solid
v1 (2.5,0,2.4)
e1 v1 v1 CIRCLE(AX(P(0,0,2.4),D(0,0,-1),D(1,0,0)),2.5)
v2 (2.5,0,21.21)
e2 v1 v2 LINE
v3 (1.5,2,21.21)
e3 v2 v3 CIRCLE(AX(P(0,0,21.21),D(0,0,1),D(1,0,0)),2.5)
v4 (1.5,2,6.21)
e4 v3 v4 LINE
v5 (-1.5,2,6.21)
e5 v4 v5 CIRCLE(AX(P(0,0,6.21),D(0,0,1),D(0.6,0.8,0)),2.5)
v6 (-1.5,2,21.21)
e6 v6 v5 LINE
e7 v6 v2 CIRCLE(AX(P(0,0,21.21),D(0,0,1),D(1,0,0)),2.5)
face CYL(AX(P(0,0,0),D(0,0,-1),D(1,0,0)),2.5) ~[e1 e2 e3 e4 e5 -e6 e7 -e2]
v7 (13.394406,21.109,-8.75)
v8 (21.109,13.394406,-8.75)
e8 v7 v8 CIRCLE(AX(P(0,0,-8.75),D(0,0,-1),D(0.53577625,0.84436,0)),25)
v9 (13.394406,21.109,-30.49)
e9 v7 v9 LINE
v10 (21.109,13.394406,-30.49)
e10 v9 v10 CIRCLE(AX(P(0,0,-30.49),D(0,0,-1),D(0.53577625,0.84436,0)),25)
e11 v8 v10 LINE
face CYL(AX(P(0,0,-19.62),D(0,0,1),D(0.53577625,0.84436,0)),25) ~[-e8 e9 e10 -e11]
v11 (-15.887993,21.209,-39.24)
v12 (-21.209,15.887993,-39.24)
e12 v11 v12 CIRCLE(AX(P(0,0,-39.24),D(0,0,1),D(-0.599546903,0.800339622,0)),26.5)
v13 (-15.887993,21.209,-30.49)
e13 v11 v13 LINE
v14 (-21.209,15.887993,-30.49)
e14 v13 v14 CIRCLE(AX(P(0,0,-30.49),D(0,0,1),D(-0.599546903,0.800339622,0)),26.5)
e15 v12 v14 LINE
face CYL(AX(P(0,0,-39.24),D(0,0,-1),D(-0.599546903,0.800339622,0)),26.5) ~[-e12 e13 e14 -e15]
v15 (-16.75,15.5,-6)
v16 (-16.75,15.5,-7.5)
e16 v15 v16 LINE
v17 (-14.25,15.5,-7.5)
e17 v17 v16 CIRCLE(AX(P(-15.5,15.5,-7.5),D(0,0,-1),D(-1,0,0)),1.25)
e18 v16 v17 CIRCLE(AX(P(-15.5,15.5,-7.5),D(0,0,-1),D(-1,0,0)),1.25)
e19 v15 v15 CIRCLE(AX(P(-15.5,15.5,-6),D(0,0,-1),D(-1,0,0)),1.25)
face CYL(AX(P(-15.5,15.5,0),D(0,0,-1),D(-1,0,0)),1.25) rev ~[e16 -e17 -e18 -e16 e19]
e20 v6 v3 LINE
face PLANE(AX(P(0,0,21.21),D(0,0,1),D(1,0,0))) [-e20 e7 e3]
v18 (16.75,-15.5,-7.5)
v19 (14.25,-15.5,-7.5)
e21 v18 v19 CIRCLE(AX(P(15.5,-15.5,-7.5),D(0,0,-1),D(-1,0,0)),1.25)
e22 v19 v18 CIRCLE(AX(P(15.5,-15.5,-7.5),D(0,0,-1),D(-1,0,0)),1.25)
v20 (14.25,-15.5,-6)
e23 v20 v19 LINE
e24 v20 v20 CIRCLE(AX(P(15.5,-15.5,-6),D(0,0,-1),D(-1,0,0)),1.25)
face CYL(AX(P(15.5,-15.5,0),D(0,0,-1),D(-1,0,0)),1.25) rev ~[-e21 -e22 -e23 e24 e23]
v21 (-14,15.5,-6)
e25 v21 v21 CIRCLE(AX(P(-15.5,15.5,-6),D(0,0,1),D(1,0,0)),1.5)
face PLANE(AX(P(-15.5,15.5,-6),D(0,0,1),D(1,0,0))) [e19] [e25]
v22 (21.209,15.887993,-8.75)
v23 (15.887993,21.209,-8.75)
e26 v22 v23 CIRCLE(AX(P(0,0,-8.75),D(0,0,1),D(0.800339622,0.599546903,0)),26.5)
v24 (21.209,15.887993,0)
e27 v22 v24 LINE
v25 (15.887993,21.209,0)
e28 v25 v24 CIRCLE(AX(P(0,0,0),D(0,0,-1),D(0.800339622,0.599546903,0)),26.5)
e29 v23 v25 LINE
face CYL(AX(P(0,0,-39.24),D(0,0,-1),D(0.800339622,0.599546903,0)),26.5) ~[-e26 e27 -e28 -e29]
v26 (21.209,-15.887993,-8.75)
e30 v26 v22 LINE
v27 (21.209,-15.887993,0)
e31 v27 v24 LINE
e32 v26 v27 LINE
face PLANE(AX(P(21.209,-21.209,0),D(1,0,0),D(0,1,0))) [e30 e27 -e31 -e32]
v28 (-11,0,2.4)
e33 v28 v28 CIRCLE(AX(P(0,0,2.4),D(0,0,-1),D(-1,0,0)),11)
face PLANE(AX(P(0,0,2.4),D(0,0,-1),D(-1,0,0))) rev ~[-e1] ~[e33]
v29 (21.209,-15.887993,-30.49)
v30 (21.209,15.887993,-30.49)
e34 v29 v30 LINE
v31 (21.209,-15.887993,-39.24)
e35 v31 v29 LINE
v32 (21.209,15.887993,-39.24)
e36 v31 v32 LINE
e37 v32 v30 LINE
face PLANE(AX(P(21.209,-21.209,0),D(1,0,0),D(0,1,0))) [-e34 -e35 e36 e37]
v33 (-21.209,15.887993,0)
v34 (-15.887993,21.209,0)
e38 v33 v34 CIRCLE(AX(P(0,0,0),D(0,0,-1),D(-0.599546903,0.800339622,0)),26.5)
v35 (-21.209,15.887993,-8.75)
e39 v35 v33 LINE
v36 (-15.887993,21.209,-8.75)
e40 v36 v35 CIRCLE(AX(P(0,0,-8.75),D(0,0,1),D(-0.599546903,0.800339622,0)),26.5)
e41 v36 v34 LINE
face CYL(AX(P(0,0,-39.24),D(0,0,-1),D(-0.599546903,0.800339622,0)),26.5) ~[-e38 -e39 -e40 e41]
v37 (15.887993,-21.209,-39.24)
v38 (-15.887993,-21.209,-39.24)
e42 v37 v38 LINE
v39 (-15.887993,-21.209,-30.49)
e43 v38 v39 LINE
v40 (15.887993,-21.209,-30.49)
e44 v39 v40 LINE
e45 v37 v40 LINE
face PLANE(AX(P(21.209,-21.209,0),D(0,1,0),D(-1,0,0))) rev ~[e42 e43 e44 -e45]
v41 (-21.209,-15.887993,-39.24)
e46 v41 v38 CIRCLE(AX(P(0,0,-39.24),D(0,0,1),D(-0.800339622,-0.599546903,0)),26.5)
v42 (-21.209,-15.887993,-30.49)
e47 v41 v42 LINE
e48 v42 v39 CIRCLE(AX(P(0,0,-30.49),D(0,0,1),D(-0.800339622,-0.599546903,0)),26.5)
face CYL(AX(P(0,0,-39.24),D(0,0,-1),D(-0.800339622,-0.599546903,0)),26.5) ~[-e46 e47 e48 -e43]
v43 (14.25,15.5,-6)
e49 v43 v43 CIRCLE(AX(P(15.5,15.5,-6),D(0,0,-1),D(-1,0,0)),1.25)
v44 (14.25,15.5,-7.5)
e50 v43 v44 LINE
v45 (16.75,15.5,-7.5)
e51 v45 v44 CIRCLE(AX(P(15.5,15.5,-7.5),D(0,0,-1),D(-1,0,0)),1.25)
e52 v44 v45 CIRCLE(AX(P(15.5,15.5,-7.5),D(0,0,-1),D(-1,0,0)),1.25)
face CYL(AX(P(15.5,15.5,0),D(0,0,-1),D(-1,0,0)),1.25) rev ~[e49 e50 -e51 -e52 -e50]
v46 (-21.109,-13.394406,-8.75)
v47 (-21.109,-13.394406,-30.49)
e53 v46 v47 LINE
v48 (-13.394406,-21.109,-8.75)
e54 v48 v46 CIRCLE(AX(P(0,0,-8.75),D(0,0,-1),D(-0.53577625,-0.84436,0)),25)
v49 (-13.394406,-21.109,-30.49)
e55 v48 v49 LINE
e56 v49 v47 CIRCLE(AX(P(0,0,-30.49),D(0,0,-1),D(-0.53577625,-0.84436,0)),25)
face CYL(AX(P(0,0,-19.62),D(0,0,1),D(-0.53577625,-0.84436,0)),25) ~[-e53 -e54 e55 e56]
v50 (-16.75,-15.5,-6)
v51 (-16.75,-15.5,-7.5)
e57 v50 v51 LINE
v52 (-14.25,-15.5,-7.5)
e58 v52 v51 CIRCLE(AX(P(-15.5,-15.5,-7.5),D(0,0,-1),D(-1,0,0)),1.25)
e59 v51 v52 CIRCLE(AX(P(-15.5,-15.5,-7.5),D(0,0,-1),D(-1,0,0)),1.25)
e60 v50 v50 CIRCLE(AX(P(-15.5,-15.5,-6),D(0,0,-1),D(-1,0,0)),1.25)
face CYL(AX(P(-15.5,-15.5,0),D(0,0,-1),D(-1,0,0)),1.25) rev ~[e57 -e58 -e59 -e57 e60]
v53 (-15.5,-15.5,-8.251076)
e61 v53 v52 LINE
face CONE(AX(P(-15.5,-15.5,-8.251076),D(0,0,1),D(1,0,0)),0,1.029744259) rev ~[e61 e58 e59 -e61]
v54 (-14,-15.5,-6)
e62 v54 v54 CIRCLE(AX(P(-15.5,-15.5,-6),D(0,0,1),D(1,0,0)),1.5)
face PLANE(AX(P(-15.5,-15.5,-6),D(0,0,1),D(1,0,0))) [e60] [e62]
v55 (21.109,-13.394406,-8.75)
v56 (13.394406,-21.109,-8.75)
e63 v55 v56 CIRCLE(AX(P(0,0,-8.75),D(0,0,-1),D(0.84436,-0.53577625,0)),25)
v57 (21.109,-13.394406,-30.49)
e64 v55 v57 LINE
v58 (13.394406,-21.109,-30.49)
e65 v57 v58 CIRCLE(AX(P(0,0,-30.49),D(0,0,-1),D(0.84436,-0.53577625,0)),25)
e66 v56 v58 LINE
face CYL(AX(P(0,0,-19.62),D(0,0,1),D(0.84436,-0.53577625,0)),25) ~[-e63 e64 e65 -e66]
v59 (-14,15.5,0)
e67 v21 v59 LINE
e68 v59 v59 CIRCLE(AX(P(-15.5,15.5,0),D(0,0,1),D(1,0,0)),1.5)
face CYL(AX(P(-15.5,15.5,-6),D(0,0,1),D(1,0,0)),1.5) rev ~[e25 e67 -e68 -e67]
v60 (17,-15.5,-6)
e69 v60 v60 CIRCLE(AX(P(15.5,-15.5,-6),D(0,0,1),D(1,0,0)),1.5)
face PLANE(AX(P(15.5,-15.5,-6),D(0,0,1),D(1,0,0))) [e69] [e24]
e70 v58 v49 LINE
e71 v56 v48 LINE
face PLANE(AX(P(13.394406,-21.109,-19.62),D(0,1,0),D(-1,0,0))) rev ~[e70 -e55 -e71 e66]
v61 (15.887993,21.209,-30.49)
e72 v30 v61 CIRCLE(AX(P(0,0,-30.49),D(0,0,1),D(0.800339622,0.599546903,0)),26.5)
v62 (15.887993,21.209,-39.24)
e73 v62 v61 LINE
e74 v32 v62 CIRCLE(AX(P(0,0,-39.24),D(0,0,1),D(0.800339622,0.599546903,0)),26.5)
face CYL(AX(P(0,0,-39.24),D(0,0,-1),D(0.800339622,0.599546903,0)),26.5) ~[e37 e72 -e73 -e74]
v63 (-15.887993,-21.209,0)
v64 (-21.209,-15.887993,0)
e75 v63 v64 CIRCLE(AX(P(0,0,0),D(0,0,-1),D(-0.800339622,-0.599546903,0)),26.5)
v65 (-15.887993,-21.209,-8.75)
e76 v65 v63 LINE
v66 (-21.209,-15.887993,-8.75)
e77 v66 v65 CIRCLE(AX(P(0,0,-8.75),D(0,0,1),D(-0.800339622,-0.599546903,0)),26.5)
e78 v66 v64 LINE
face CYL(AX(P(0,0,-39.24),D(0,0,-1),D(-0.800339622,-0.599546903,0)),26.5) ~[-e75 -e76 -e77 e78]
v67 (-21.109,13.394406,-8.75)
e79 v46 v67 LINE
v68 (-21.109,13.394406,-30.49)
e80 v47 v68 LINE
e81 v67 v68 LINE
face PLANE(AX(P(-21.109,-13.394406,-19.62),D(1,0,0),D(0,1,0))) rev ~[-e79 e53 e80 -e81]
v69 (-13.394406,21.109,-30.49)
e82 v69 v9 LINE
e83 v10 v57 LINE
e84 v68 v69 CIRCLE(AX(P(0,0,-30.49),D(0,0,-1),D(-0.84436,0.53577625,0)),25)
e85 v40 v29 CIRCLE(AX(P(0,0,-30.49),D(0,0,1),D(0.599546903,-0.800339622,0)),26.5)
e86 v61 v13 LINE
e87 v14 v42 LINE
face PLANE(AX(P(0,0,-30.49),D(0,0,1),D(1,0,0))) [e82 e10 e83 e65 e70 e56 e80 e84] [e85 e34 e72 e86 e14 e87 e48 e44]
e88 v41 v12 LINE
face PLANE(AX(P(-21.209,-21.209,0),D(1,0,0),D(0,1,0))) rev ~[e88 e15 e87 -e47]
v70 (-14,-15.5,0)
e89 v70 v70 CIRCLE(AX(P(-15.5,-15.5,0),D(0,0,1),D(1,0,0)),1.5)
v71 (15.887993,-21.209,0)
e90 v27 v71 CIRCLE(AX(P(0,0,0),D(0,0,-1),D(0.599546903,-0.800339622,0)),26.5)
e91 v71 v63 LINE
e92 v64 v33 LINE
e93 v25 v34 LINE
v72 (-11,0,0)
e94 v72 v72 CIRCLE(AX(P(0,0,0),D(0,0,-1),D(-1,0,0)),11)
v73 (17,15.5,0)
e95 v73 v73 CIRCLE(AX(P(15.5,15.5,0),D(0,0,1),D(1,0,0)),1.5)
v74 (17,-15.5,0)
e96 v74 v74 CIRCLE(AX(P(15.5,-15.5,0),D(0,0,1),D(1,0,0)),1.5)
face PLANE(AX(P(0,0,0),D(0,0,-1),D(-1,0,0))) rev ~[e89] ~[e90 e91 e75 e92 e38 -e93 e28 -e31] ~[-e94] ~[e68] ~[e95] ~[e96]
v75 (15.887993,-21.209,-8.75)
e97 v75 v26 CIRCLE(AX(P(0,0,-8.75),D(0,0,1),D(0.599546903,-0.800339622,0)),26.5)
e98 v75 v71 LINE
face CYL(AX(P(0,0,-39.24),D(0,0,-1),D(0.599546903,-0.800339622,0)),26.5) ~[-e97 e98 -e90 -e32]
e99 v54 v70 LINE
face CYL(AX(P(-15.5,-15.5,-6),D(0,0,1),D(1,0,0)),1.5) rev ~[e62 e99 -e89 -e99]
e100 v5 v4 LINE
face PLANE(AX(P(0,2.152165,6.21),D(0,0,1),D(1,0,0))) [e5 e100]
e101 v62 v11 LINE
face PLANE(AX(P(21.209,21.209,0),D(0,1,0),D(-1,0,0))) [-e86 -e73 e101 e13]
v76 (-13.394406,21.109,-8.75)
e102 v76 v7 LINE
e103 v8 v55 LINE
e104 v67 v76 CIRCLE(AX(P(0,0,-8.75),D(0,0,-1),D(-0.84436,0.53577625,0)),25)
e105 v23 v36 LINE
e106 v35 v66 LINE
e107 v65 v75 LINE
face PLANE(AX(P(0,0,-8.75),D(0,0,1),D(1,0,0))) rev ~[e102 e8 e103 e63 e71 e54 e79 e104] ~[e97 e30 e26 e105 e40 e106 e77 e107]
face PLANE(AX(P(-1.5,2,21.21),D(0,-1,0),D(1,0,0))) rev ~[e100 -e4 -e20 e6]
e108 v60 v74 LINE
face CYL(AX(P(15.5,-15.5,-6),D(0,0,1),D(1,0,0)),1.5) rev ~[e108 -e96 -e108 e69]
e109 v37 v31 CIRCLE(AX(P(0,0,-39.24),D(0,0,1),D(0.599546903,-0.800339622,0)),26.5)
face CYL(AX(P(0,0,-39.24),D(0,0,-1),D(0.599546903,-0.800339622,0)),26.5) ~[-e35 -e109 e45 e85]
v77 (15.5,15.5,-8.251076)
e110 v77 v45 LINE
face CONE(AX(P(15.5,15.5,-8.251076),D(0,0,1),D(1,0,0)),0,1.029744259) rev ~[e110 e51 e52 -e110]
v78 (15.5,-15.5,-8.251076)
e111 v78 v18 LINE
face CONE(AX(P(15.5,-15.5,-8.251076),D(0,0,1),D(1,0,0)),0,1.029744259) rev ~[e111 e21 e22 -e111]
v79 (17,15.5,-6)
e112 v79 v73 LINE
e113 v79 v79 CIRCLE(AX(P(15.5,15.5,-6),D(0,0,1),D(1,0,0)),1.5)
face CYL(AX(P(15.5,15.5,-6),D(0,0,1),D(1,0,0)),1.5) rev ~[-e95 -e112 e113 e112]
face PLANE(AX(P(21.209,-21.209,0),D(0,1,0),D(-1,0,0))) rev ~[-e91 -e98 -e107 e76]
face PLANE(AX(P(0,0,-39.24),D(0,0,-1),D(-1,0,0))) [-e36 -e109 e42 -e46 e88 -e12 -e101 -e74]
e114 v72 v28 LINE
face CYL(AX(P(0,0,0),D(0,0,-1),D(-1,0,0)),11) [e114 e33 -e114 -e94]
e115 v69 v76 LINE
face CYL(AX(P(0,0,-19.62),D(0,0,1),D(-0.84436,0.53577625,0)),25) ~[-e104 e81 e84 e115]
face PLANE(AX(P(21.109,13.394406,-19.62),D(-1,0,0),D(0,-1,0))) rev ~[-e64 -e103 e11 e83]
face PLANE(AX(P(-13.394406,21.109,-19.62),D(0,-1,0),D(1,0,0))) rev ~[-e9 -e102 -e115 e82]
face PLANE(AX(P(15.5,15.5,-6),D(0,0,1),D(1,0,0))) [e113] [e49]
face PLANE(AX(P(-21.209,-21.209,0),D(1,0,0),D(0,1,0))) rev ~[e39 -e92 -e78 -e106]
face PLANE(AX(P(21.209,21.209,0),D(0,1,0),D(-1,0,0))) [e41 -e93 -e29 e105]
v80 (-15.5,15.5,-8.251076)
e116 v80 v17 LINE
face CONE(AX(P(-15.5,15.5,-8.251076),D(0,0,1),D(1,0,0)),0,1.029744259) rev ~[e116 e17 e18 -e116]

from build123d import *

# Parameters (mm, degrees)
SKETCH1_R                       = 2.5
BOSS_EXTRUDE1_DEPTH             = 21.21
SKETCH2_R                       = 11
BOSS_EXTRUDE2_DEPTH             = 2.4
SKETCH3_W                       = 42.418
SKETCH3_H                       = 42.418
BOSS_EXTRUDE3_DEPTH             = 39.24
CUT_EXTRUDE1_DEPTH              = 61.45
M3X0_5_TAPPED_HOLE1_D           = 2.5
M3X0_5_TAPPED_HOLE1_DEPTH       = 7.5
M3X0_5_TAPPED_HOLE1_CBORE_D     = 3
M3X0_5_TAPPED_HOLE1_CBORE_DEPTH = 6
M3X0_5_TAPPED_HOLE1_TIP         = 0.751075774
CUT_EXTRUDE2_DEPTH              = 15
CUT_EXTRUDE3_DEPTH              = 10.87


with BuildPart() as part:
    # Sketch1 → Boss-Extrude1 (new body)
    with BuildSketch(Plane.XY):
        Circle(SKETCH1_R)
    extrude(amount=BOSS_EXTRUDE1_DEPTH)

    # Sketch2 → Boss-Extrude2 (add)
    with BuildSketch(Plane(origin=(0, 0, 0), x_dir=(-1, 0, 0), z_dir=(0, 0, -1))):
        Circle(SKETCH2_R)
    extrude(amount=-BOSS_EXTRUDE2_DEPTH)

    # Sketch3 → Boss-Extrude3 (add)
    with BuildSketch(Plane(origin=(0, 0, 0), x_dir=(-1, 0, 0), z_dir=(0, 0, -1))):
        Rectangle(SKETCH3_W, SKETCH3_H)
    extrude(amount=BOSS_EXTRUDE3_DEPTH)

    # Sketch4 → Cut-Extrude1 (cut, through all)
    with BuildSketch(Plane(origin=(0, 0, -39.24), x_dir=(-1, 0, 0), z_dir=(0, 0, -1))):
        with BuildLine():
            Line((-21.209, -15.887992919), (-21.209, -21.209))
            Line((-21.209, -21.209), (-15.887992919, -21.209))
            ThreePointArc((-15.887992919, -21.209), (-18.738329701, -18.738329701), (-21.209, -15.887992919))
        make_face()
        with BuildLine():
            Line((15.887992919, -21.209), (21.209, -21.209))
            Line((21.209, -21.209), (21.209, -15.887992919))
            ThreePointArc((21.209, -15.887992919), (18.738329701, -18.738329701), (15.887992919, -21.209))
        make_face()
        with BuildLine():
            Line((21.209, 15.887992919), (21.209, 21.209))
            Line((21.209, 21.209), (15.887992919, 21.209))
            ThreePointArc((15.887992919, 21.209), (18.738329701, 18.738329701), (21.209, 15.887992919))
        make_face()
        with BuildLine():
            Line((-15.887992919, 21.209), (-21.209, 21.209))
            Line((-21.209, 21.209), (-21.209, 15.887992919))
            ThreePointArc((-21.209, 15.887992919), (-18.738329701, 18.738329701), (-15.887992919, 21.209))
        make_face()
    extrude(amount=-CUT_EXTRUDE1_DEPTH, mode=Mode.SUBTRACT)

    # M3x0.5 Tapped Hole1
    with Locations(Plane.XY):
        with Locations((-15.5, 15.5), (-15.5, -15.5), (15.5, -15.5), (15.5, 15.5)):
            CounterBoreHole(M3X0_5_TAPPED_HOLE1_D / 2, M3X0_5_TAPPED_HOLE1_CBORE_D / 2, M3X0_5_TAPPED_HOLE1_CBORE_DEPTH, depth=M3X0_5_TAPPED_HOLE1_DEPTH)
            with Locations((0, 0, -(M3X0_5_TAPPED_HOLE1_DEPTH + M3X0_5_TAPPED_HOLE1_TIP / 2))):  # 118° drill point
                Cone(0, M3X0_5_TAPPED_HOLE1_D / 2, M3X0_5_TAPPED_HOLE1_TIP, mode=Mode.SUBTRACT)

    # Sketch7 → Cut-Extrude2 (cut)
    with BuildSketch(Plane.XY.offset(21.21)):
        with BuildLine():
            Line((-1.5, 2), (1.5, 2))
            ThreePointArc((1.5, 2), (0, 2.5), (-1.5, 2))
        make_face()
    extrude(amount=-CUT_EXTRUDE2_DEPTH, mode=Mode.SUBTRACT)

    # Sketch8 → Cut-Extrude3 (cut, symmetric)
    with BuildSketch(Plane.XY.offset(-19.62)):
        with BuildLine():
            Line((15.887992919, 21.209), (-15.887992919, 21.209))
            ThreePointArc((-15.887992919, 21.209), (-18.738329701, 18.738329701), (-21.209, 15.887992919))
            Line((-21.209, 15.887992919), (-21.209, -15.887992919))
            ThreePointArc((-21.209, -15.887992919), (-18.738329701, -18.738329701), (-15.887992919, -21.209))
            Line((-15.887992919, -21.209), (15.887992919, -21.209))
            ThreePointArc((15.887992919, -21.209), (18.738329701, -18.738329701), (21.209, -15.887992919))
            Line((21.209, -15.887992919), (21.209, 15.887992919))
            ThreePointArc((21.209, 15.887992919), (18.738329701, 18.738329701), (15.887992919, 21.209))
        make_face()
        with BuildLine():
            Line((-13.394406258, 21.109), (13.394406258, 21.109))
            ThreePointArc((13.394406258, 21.109), (17.67766953, 17.67766953), (21.109, 13.394406258))
            Line((21.109, 13.394406258), (21.109, -13.394406258))
            ThreePointArc((21.109, -13.394406258), (17.67766953, -17.67766953), (13.394406258, -21.109))
            Line((13.394406258, -21.109), (-13.394406258, -21.109))
            ThreePointArc((-13.394406258, -21.109), (-17.67766953, -17.67766953), (-21.109, -13.394406258))
            Line((-21.109, -13.394406258), (-21.109, 13.394406258))
            ThreePointArc((-21.109, 13.394406258), (-17.67766953, 17.67766953), (-13.394406258, 21.109))
        make_face(mode=Mode.SUBTRACT)
    extrude(amount=CUT_EXTRUDE3_DEPTH, both=True, mode=Mode.SUBTRACT)


solid = part.part
